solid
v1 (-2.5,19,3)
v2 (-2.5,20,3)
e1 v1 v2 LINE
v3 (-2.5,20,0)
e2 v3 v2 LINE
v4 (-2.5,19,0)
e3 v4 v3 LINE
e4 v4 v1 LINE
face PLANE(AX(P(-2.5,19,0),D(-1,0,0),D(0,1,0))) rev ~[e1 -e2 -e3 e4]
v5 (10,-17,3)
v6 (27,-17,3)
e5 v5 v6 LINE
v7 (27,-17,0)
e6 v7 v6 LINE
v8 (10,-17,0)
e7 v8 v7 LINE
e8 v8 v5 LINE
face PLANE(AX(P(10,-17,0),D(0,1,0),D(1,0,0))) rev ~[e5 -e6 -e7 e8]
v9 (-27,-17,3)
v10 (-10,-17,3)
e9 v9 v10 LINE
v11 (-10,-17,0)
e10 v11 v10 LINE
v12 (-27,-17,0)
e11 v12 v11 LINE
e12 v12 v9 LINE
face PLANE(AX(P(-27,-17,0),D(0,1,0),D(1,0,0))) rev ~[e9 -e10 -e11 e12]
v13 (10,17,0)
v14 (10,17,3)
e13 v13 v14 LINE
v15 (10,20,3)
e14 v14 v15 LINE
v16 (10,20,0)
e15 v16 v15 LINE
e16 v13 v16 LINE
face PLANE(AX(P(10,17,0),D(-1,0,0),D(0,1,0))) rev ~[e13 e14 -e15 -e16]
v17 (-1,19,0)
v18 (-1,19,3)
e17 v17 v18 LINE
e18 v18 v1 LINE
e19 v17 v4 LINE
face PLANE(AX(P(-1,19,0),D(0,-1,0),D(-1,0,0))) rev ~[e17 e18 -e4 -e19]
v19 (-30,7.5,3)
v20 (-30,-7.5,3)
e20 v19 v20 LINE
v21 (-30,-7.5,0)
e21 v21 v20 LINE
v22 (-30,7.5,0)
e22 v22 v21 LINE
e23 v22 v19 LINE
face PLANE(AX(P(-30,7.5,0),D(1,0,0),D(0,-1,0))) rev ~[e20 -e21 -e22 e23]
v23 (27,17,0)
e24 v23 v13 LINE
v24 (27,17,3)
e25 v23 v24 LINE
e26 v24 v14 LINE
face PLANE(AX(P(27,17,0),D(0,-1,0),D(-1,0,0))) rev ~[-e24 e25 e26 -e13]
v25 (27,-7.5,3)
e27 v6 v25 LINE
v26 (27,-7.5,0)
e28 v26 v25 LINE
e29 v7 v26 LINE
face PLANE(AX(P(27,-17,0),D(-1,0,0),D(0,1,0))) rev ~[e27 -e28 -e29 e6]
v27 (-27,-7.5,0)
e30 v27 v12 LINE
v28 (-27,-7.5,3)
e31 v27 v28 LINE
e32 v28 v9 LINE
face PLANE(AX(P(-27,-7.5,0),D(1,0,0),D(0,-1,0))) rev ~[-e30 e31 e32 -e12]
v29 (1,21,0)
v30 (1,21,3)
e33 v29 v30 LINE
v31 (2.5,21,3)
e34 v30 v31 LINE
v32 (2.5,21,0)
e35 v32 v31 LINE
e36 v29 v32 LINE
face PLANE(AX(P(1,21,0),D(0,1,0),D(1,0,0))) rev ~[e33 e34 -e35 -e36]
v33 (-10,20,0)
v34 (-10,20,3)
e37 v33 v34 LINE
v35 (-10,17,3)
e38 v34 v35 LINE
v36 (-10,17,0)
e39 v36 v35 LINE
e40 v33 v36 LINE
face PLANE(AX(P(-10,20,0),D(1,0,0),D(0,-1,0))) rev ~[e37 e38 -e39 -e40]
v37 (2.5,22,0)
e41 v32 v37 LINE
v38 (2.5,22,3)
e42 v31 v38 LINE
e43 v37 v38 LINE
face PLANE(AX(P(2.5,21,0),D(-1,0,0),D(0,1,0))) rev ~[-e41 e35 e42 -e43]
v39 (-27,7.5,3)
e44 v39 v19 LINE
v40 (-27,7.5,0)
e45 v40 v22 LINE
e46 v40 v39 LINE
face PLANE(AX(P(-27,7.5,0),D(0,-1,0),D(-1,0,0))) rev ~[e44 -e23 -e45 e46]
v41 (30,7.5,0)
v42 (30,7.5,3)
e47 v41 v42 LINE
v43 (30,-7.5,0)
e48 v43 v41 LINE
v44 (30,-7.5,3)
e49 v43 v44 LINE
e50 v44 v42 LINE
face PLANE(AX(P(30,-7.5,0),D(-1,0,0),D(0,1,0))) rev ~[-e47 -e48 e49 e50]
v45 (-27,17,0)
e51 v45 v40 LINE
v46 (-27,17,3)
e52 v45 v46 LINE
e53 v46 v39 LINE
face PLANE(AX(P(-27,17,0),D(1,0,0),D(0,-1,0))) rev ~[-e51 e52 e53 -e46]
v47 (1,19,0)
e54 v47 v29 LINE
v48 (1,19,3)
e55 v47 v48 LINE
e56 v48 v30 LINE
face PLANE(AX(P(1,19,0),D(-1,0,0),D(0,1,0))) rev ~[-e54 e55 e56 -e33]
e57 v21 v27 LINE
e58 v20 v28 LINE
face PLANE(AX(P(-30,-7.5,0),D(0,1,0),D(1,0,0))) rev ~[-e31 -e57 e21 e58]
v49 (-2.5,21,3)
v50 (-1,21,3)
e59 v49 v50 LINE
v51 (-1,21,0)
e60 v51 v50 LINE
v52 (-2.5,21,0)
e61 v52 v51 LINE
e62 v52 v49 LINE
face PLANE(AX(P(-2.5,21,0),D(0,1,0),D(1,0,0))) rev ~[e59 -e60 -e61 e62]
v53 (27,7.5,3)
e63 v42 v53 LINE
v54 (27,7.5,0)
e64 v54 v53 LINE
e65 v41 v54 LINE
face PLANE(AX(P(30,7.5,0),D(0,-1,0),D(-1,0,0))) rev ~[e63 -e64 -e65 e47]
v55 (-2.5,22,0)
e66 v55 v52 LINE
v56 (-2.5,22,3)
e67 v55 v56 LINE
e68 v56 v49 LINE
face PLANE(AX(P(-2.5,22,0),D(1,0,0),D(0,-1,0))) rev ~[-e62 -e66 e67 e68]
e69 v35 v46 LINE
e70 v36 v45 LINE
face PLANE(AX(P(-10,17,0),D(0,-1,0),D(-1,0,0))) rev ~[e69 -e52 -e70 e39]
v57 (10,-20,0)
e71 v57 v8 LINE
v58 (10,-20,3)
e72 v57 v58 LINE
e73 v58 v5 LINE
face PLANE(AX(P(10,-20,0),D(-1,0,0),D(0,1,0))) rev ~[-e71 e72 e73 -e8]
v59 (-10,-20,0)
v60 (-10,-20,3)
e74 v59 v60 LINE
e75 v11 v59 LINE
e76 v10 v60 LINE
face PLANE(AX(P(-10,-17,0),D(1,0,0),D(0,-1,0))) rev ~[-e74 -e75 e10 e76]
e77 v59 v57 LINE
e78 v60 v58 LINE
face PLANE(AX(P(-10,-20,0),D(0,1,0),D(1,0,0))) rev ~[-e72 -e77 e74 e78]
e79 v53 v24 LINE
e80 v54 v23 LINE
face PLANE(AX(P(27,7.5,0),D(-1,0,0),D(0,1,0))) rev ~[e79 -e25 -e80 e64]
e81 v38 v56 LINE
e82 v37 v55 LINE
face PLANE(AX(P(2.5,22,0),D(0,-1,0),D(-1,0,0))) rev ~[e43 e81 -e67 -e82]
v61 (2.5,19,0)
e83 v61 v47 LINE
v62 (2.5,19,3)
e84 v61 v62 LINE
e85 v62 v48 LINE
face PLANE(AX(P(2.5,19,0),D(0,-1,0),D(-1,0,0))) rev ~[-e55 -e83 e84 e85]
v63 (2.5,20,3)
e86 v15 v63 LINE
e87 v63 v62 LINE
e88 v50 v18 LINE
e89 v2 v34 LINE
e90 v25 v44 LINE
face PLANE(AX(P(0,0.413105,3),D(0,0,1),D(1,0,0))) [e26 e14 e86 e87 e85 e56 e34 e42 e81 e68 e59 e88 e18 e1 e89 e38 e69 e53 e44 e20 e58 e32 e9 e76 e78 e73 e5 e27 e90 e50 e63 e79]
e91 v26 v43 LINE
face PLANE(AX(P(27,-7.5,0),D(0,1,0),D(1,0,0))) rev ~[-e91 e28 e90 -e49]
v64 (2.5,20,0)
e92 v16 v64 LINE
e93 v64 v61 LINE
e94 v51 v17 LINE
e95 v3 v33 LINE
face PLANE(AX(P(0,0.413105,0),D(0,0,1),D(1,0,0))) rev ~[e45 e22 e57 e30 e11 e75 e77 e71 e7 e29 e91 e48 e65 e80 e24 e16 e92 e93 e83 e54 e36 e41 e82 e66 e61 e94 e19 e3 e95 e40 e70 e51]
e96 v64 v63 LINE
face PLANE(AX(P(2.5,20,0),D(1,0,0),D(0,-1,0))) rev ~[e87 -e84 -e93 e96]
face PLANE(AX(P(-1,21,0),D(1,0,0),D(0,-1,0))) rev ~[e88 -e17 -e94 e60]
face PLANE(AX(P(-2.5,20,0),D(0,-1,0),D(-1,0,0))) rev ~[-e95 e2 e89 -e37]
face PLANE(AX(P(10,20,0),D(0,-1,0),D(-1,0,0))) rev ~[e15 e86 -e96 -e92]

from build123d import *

# Parameters (mm, degrees)
F1_DEPTH = 3


with BuildPart() as f1:
    # F0 (on Top) → F1 (new body)
    with BuildSketch(Plane.XY):
        Polygon((10, 17), (10, 20), (2.5, 20), (2.5, 19), (2.5, 18), (0, 16), (-2.5, 18), (-2.5, 19), (-2.5, 19.7), (-2.5, 20), (-10, 20), (-10, 17), (-27, 17), (-27, 7.5), (-30, 7.5), (-30, -7.5), (-27, -7.5), (-27, -17), (-10, -17), (-10, -20), (10, -20), (10, -17), (27, -17), (27, -7.5), (30, -7.5), (30, 7.5), (27, 7.5), (27, 17), align=None)
        Polygon((0, 16), (2.5, 18), (0, 18), align=None)
        Polygon((0, 16), (0, 18), (-2.5, 18), align=None)
        Polygon((-2.5, 18), (0, 18), (0, 20), (-1, 20), (-1, 19), (-2.5, 19), align=None)
        Polygon((2.5, 18), (2.5, 19), (1, 19), (1, 20), (0, 20), (0, 18), align=None)
        Polygon((0, 20), (1, 20), (1, 21), (2.5, 21), (2.5, 22), (-2.5, 22), (-2.5, 21), (-1, 21), (-1, 20), align=None)
    extrude(amount=F1_DEPTH)


solid = f1.part
